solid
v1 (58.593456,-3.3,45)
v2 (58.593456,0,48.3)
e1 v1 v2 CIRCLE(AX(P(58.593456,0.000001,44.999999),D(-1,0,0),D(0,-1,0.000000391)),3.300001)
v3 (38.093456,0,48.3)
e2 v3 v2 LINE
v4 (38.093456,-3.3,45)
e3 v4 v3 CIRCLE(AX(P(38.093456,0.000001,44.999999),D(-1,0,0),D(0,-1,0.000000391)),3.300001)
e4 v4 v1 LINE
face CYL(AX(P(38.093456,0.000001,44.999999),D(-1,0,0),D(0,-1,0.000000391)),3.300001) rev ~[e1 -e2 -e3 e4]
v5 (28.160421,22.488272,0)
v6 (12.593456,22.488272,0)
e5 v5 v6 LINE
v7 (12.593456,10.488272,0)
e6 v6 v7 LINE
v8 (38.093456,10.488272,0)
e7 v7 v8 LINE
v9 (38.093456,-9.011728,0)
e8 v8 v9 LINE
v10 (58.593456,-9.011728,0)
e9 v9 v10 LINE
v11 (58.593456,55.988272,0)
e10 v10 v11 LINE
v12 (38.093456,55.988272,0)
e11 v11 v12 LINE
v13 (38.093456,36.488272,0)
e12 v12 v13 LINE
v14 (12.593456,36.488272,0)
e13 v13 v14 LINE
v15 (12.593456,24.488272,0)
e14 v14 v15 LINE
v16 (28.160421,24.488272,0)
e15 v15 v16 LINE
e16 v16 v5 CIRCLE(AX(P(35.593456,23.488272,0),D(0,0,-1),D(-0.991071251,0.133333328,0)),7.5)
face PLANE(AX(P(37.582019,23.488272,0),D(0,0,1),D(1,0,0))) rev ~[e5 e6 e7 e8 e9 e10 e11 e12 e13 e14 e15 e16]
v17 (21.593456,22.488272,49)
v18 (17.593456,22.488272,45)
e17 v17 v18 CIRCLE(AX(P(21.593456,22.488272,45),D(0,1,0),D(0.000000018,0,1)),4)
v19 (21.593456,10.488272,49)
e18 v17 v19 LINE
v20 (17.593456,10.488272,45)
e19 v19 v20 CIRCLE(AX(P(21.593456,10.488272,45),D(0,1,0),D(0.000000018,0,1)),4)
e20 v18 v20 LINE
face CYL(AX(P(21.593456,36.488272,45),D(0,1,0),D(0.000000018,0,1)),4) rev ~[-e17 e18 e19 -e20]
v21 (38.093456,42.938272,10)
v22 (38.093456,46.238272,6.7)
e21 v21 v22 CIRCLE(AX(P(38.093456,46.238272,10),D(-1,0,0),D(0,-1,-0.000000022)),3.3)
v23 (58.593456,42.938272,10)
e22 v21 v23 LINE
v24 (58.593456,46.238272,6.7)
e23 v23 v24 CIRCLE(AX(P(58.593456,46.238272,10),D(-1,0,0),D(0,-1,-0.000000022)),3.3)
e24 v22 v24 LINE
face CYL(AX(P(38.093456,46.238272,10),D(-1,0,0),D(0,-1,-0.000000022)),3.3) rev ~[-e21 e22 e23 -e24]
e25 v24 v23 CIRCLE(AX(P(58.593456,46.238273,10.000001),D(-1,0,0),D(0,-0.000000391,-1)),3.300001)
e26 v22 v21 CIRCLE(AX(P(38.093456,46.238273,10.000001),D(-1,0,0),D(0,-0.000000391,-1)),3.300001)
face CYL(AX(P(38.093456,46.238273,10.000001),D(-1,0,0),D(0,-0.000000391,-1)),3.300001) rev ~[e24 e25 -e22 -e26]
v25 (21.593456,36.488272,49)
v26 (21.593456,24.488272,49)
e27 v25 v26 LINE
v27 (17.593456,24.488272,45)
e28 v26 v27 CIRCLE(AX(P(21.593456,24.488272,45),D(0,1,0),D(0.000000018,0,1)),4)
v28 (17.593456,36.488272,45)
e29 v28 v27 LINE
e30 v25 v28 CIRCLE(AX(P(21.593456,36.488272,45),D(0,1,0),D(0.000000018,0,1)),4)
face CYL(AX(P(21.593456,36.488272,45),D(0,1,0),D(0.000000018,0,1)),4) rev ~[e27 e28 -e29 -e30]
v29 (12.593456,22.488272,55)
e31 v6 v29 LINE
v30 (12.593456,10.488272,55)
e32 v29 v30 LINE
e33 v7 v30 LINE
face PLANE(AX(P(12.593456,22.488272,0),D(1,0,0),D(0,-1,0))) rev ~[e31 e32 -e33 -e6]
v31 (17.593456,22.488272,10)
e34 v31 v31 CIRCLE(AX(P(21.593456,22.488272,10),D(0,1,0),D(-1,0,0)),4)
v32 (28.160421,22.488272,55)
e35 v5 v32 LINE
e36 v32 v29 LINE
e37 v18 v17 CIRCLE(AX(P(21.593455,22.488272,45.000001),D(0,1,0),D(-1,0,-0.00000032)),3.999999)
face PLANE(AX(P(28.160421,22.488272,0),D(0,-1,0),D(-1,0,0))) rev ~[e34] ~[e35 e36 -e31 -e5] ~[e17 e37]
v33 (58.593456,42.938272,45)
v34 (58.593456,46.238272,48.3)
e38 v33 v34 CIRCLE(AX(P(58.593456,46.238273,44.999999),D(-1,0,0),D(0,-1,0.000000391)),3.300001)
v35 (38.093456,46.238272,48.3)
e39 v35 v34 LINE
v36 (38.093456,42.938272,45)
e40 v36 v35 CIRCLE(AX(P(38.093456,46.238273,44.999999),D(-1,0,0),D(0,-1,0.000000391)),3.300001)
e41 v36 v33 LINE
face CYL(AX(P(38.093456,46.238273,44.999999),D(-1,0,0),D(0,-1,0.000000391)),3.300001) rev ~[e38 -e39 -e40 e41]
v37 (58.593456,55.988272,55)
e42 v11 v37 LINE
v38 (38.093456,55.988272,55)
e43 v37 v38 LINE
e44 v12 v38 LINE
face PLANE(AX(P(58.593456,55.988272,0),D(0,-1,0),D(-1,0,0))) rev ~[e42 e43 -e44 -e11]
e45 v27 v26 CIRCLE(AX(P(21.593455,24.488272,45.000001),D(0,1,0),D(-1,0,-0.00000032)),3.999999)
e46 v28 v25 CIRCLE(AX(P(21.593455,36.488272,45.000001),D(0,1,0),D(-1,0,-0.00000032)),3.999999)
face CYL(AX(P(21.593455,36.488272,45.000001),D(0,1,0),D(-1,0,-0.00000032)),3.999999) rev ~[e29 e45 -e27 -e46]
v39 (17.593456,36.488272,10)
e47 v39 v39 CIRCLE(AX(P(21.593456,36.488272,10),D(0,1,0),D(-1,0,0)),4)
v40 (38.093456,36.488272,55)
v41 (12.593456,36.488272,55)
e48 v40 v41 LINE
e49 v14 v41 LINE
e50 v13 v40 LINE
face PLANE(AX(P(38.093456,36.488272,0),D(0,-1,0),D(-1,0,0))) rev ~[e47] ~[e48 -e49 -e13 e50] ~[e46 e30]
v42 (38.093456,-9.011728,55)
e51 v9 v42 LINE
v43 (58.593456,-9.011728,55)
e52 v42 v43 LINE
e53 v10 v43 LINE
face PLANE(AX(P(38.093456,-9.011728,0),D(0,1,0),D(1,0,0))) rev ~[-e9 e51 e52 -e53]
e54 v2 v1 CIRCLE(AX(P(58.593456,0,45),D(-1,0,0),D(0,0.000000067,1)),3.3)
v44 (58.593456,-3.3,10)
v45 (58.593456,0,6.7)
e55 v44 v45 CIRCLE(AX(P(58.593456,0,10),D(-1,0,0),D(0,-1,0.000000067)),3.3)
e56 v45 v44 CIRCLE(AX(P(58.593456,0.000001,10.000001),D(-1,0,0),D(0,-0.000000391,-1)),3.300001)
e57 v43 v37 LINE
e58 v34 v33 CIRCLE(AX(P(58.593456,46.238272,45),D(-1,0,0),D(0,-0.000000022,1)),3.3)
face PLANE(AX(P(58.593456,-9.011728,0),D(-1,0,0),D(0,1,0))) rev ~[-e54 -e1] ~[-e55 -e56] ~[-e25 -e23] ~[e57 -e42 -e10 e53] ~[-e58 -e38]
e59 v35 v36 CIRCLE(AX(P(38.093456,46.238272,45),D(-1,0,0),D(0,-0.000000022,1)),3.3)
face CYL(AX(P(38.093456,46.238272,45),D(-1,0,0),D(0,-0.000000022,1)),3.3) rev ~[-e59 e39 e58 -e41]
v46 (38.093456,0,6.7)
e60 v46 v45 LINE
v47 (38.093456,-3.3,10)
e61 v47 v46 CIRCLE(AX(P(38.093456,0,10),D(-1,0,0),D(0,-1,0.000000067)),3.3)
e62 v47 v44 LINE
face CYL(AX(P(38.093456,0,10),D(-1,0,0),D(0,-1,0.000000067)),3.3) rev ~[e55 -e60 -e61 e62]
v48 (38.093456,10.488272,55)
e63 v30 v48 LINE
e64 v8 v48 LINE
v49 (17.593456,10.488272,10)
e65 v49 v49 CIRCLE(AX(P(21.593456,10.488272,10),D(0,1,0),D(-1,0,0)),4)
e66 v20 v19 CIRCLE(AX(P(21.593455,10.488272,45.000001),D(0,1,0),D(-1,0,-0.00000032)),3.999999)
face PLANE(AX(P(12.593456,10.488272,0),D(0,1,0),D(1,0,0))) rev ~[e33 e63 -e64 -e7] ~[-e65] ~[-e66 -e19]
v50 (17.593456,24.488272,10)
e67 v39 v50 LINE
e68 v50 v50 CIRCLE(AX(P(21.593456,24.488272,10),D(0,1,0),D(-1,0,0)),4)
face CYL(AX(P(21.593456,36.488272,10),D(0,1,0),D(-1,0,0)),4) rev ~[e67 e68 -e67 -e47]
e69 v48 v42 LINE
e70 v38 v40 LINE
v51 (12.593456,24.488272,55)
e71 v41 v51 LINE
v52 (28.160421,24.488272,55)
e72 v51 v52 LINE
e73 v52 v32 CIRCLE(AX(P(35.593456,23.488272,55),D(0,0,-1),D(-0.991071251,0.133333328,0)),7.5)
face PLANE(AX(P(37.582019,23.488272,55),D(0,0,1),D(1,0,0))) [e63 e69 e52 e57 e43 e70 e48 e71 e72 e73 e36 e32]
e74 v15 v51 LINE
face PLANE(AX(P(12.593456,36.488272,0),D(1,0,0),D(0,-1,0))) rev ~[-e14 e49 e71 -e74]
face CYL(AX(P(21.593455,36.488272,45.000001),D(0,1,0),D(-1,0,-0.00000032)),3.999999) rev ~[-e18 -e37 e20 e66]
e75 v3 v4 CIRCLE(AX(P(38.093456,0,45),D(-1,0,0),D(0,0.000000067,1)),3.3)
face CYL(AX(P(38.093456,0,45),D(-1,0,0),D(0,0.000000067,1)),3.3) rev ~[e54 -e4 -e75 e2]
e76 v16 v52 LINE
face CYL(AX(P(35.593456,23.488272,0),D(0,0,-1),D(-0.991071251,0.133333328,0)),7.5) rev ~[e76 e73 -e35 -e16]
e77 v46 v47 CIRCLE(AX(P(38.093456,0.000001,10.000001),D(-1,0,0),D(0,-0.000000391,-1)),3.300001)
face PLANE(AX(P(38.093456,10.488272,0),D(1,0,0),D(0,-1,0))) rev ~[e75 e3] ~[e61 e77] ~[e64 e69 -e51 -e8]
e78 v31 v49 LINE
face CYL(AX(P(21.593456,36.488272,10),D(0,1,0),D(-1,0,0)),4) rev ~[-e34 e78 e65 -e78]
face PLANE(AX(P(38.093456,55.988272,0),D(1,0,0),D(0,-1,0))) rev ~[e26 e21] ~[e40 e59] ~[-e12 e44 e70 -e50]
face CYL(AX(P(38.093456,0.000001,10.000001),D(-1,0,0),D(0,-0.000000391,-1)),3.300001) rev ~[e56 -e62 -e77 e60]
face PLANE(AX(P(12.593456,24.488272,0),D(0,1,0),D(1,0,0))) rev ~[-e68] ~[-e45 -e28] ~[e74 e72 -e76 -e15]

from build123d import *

# Parameters (mm, degrees)
F1_DEPTH = 55
F2_R     = 4
F3_DEPTH = 29.3
F5_DEPTH = 33.2
F7_DEPTH = 34.5
F9_DEPTH = 37.2


with BuildPart() as f1:
    # F0 (on Top) → F1 (new body)
    with BuildSketch(Plane.XY):
        with BuildLine():
            Line((58.593456, -9.011728), (58.593456, 55.988272))
            Line((58.593456, 55.988272), (38.093456, 55.988272))
            Line((38.093456, 55.988272), (38.093456, 36.488272))
            Line((38.093456, 36.488272), (12.593456, 36.488272))
            Line((12.593456, 36.488272), (12.593456, 24.488272))
            Line((12.593456, 24.488272), (28.160421, 24.488272))
            ThreePointArc((28.160421, 24.488272), (43.093456, 23.488272), (28.160421, 22.488272))
            Line((28.160421, 22.488272), (12.593456, 22.488272))
            Line((12.593456, 22.488272), (12.593456, 10.488272))
            Line((12.593456, 10.488272), (38.093456, 10.488272))
            Line((38.093456, 10.488272), (38.093456, -9.011728))
            Line((38.093456, -9.011728), (58.593456, -9.011728))
        make_face()
    extrude(amount=F1_DEPTH)

    # F2 (on face) → F3 (cut)
    with BuildSketch(Plane(origin=(0, 36.488272, 0), x_dir=(-1, 0, 0), z_dir=(0, 1, 0))):
        with Locations((-21.593456, 10)):
            Circle(F2_R)
        with BuildLine():
            ThreePointArc((-17.593456, 45), (-18.765028, 47.828427), (-21.593456, 49))
            ThreePointArc((-21.593456, 49), (-24.421883, 42.171573), (-17.593456, 45))
        make_face()
    extrude(amount=-F3_DEPTH, mode=Mode.SUBTRACT)

    # F4 (on face) → F5 (cut)
    with BuildSketch(Plane(origin=(38.093456, 0, 0), x_dir=(0, -1, 0), z_dir=(-1, 0, 0))):
        with BuildLine():
            ThreePointArc((3.3, 45), (2.333452, 47.333452), (0, 48.3))
            ThreePointArc((0, 48.3), (-2.333452, 42.666548), (3.3, 45))
        make_face()
        with BuildLine():
            ThreePointArc((3.3, 10), (-2.333452, 12.333452), (0, 6.7))
            ThreePointArc((0, 6.7), (2.333452, 7.666548), (3.3, 10))
        make_face()
    extrude(amount=-F5_DEPTH, mode=Mode.SUBTRACT)

    # F6 (on face) → F7 (cut)
    with BuildSketch(Plane(origin=(38.093456, 0, 0), x_dir=(0, -1, 0), z_dir=(-1, 0, 0))):
        with BuildLine():
            ThreePointArc((-42.938272, 45), (-43.90482, 47.333452), (-46.238272, 48.3))
            ThreePointArc((-46.238272, 48.3), (-48.571725, 42.666548), (-42.938272, 45))
        make_face()
    extrude(amount=-F7_DEPTH, mode=Mode.SUBTRACT)

    # F8 (on face) → F9 (cut)
    with BuildSketch(Plane(origin=(38.093456, 0, 0), x_dir=(0, -1, 0), z_dir=(-1, 0, 0))):
        with BuildLine():
            ThreePointArc((-42.938272, 10), (-48.571725, 12.333452), (-46.238272, 6.7))
            ThreePointArc((-46.238272, 6.7), (-43.90482, 7.666548), (-42.938272, 10))
        make_face()
    extrude(amount=-F9_DEPTH, mode=Mode.SUBTRACT)


solid = f1.part
